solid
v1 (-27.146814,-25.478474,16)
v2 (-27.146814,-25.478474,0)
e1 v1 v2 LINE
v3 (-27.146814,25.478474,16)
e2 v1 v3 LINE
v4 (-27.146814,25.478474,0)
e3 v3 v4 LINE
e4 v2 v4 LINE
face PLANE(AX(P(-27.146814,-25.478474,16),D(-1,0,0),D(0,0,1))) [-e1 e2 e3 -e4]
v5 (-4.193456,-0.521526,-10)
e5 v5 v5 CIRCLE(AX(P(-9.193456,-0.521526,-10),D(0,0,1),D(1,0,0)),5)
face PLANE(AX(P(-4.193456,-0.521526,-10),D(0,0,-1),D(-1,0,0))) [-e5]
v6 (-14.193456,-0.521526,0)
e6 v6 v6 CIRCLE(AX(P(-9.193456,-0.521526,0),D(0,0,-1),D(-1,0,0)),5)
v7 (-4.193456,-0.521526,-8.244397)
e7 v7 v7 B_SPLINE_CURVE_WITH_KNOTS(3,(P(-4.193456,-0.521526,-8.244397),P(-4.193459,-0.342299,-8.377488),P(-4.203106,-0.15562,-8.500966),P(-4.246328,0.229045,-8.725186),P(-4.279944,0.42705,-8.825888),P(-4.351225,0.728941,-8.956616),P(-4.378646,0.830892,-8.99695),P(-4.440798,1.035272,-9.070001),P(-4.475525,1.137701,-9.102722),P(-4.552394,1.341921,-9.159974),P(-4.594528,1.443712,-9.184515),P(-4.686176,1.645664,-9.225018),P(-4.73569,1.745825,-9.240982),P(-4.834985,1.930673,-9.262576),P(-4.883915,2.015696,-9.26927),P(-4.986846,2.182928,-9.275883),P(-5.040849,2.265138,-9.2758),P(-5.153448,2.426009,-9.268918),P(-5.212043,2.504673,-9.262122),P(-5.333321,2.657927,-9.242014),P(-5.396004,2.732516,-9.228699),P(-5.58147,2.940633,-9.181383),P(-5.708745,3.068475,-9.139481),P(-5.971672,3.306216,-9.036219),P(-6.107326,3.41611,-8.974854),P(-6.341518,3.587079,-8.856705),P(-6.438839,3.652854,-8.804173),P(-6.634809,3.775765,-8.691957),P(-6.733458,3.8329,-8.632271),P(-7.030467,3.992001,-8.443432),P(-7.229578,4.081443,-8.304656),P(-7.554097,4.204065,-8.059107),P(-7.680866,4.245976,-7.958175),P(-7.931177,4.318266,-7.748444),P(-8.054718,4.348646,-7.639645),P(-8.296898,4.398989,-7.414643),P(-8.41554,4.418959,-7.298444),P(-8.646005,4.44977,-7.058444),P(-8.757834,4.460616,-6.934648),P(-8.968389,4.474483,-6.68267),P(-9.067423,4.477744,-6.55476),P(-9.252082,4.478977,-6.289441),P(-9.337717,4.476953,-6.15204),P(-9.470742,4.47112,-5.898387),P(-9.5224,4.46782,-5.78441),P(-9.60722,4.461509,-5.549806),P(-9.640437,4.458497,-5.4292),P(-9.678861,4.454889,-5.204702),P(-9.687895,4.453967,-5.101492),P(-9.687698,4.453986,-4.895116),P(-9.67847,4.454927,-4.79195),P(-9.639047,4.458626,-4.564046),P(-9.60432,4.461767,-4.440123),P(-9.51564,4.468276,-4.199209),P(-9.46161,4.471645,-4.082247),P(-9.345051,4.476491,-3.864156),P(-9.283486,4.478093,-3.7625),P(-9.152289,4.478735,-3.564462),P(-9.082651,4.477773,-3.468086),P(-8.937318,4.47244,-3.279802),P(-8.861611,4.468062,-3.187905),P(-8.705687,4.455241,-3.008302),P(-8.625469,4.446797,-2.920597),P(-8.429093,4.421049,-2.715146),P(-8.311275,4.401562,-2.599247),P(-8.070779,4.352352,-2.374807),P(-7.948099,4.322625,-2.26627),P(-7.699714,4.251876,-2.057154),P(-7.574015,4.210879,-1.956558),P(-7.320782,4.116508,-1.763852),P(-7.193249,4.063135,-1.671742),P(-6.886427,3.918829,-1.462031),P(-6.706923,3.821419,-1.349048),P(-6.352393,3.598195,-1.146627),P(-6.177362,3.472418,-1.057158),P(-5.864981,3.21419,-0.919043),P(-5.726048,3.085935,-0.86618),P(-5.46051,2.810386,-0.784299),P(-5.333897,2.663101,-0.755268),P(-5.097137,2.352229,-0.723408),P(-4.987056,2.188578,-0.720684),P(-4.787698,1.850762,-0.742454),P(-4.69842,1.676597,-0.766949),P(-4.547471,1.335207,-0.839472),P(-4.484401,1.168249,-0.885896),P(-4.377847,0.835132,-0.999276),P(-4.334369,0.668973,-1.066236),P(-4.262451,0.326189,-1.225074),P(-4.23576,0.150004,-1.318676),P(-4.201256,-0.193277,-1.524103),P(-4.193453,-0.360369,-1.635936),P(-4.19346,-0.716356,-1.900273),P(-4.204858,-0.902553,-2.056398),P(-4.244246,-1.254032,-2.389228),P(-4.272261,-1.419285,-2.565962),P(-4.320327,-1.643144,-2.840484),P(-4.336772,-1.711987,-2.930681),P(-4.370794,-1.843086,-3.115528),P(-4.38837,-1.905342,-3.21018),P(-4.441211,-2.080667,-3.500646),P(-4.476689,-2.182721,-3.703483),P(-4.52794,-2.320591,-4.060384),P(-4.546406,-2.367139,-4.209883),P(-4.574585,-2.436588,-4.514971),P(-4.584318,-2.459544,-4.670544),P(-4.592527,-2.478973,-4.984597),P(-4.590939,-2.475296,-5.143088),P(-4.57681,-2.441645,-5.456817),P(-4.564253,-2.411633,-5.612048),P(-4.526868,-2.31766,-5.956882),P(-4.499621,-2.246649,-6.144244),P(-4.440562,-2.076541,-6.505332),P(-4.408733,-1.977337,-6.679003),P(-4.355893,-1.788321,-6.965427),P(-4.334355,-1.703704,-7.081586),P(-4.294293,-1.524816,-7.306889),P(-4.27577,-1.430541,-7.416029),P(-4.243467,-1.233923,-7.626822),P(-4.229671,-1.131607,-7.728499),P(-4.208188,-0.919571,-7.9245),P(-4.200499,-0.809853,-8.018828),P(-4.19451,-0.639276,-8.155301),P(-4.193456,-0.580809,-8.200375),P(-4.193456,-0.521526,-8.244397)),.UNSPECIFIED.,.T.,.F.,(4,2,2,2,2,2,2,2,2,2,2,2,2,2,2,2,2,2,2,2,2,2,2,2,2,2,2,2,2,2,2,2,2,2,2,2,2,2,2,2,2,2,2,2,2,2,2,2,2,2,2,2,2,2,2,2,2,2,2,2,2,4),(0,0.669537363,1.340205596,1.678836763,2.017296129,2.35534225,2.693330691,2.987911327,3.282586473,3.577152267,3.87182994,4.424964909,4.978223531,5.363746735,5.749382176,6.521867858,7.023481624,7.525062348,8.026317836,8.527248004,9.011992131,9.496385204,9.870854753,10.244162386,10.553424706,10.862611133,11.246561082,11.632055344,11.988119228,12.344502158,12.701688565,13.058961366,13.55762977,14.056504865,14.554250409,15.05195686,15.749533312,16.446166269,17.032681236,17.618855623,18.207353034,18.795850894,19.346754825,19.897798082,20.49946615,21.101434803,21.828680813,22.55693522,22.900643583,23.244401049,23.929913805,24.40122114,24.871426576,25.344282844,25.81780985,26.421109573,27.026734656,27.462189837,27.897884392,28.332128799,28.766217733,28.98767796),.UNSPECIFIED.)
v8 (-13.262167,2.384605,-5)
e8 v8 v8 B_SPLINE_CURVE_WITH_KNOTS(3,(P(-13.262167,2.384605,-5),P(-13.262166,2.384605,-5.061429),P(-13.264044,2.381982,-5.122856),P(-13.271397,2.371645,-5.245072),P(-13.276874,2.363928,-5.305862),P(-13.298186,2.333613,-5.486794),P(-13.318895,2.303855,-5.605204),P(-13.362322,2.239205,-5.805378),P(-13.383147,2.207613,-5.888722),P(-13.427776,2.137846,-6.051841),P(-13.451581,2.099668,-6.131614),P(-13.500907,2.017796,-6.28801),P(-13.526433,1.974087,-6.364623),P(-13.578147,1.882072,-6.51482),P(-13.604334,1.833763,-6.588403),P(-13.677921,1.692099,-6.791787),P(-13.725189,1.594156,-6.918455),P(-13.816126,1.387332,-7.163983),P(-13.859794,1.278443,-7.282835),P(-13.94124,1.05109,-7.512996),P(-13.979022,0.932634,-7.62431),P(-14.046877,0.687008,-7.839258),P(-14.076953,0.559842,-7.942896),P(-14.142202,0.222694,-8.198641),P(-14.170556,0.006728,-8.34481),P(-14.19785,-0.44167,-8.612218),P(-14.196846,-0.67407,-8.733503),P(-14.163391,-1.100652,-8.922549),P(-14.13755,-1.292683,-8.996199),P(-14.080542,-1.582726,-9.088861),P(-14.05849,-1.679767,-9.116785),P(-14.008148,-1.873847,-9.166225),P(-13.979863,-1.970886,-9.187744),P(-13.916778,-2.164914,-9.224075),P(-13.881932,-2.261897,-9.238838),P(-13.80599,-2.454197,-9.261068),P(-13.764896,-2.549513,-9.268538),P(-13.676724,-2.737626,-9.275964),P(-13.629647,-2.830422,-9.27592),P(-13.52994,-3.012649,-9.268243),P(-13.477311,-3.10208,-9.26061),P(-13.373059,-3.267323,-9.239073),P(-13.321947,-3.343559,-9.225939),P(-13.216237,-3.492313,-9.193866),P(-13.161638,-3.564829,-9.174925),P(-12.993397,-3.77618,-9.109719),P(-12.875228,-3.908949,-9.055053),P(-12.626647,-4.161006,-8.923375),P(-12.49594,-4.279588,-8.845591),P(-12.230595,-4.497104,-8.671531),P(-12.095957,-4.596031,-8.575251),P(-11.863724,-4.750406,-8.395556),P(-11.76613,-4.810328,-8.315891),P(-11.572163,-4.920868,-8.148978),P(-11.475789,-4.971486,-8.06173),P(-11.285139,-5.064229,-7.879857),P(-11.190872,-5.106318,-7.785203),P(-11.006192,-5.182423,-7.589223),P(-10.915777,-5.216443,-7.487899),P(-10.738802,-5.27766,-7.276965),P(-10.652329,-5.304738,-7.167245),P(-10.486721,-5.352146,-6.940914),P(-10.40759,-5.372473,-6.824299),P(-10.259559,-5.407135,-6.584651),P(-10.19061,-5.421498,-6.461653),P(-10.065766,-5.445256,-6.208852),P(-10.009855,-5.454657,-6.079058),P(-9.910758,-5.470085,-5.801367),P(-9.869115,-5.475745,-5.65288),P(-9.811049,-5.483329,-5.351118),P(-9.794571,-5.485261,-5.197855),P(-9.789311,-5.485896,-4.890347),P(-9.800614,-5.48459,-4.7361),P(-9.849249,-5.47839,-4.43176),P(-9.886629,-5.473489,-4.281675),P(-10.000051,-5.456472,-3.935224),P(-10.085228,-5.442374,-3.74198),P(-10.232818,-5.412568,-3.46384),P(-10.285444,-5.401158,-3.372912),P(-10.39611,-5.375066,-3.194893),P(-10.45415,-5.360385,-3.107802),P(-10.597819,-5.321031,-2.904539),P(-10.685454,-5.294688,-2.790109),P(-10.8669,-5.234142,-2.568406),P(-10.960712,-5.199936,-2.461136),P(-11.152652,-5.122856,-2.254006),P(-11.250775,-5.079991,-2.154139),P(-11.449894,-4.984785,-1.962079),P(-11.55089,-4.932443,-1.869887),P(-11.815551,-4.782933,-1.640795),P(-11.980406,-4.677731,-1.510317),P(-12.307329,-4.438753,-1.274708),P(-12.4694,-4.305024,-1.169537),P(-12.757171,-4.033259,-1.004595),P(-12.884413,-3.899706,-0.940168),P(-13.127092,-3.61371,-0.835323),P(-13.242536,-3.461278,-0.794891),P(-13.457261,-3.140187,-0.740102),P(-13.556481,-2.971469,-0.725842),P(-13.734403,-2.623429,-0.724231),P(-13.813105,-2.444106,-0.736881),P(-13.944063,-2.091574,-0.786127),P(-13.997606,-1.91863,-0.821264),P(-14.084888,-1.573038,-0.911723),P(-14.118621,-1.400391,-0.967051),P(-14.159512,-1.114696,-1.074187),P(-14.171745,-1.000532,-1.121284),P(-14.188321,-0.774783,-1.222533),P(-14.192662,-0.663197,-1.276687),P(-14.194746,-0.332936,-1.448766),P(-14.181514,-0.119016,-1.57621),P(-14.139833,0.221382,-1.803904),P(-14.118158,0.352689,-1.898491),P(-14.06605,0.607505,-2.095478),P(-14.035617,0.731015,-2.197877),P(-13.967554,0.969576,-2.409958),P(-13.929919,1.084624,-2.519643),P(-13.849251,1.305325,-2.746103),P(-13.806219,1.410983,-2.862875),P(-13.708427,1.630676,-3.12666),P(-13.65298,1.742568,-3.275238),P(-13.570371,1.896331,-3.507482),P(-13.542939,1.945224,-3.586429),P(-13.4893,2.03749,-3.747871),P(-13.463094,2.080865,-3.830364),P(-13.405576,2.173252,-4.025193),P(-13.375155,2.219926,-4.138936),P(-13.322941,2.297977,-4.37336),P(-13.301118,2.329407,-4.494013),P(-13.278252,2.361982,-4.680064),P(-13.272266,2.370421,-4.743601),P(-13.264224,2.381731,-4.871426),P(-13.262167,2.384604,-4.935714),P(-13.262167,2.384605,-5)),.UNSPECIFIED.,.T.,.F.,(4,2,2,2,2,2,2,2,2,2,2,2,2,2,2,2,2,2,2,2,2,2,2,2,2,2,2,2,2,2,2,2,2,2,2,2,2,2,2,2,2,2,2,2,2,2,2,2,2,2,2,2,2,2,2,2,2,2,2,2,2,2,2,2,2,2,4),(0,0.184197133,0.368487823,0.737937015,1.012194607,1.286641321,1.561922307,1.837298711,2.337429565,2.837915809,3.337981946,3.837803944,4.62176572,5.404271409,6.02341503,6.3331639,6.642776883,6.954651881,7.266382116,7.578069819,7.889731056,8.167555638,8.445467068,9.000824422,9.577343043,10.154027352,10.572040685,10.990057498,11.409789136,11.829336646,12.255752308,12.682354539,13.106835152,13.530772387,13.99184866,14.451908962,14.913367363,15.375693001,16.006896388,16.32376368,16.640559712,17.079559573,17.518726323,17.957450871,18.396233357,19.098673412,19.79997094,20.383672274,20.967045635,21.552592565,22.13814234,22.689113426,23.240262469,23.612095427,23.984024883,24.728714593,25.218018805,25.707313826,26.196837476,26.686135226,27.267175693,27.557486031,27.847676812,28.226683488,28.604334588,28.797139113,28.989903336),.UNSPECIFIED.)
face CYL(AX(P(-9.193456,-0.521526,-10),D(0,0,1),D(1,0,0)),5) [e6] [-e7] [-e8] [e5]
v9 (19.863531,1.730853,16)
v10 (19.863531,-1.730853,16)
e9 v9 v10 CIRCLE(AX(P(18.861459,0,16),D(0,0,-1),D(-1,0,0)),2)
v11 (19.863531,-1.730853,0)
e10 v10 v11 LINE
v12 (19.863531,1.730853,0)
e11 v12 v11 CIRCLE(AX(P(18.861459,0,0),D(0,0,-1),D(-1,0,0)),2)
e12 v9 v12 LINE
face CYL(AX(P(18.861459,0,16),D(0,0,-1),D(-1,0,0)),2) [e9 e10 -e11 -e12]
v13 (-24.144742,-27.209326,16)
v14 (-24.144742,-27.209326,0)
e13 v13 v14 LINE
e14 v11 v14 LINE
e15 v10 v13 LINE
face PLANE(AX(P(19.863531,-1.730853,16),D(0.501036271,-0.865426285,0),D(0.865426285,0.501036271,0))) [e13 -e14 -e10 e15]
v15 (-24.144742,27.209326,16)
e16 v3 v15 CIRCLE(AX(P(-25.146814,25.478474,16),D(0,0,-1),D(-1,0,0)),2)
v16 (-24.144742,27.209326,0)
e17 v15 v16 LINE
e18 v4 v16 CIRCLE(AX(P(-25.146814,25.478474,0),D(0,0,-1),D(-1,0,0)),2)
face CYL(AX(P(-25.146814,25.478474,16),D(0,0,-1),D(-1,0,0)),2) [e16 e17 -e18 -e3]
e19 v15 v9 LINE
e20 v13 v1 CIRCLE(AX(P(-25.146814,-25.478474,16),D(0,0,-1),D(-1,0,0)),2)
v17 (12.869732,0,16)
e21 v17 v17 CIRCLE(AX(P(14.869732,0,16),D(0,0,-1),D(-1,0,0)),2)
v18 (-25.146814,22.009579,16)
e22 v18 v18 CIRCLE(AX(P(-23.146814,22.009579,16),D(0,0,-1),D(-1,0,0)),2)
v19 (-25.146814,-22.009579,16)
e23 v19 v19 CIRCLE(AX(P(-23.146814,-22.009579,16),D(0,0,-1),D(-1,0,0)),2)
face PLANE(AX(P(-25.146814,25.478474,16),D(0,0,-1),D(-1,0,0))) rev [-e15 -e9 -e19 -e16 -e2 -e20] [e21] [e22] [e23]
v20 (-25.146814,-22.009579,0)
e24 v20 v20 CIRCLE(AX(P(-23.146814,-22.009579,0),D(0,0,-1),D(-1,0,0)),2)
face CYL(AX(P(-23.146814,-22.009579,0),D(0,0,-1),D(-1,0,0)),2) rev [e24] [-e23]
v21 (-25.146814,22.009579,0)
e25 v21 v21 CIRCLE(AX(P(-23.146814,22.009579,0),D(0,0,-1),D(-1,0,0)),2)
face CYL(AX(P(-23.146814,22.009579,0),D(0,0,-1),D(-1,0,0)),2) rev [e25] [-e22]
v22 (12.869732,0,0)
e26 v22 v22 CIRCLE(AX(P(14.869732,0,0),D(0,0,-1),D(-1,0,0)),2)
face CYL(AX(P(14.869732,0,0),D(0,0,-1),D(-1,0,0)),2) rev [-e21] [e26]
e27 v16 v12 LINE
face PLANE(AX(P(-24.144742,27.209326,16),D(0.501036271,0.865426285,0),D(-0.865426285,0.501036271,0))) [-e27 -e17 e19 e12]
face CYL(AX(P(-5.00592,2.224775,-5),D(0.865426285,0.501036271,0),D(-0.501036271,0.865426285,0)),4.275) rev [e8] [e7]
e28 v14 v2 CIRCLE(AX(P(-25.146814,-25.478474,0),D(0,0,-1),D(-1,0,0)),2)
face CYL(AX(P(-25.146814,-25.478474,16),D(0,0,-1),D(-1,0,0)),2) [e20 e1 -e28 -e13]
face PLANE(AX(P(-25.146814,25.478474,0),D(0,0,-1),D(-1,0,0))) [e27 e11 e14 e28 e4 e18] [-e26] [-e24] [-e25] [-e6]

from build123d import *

# Parameters (mm, degrees)
Y_KSEKLIK_EKSTR_ZYON1_DEPTH = 16
IZIM2_W                     = 5
IZIM2_H                     = 10
F_4_0_4_AP_DELIK1_D         = 4
M8_BO_LUKLU_DELIK1_D        = 8.55
M8_BO_LUKLU_DELIK1_DEPTH    = 34.043716459


with BuildPart() as part:
    # Çizim1 → Yükseklik-Ekstrüzyon1 (new body)
    with BuildSketch(Plane(origin=(0, 0, 0), x_dir=(-1, 0, 0), z_dir=(0, 0, -1))):
        with BuildLine():
            Line((24.144741863, 27.209326424), (-19.863531155, 1.730852571))
            ThreePointArc((-19.863531155, 1.730852571), (-20.861458614, 0), (-19.863531155, -1.730852571))
            Line((-19.863531155, -1.730852571), (24.144741863, -27.209326424))
            ThreePointArc((24.144741863, -27.209326424), (26.145777596, -27.211122848), (27.146814404, -25.478473853))
            Line((27.146814404, -25.478473853), (27.146814404, 25.478473853))
            ThreePointArc((27.146814404, 25.478473853), (26.145777596, 27.211122848), (24.144741863, 27.209326424))
        make_face()
    extrude(amount=-Y_KSEKLIK_EKSTR_ZYON1_DEPTH)

    # Çizim2 → Döndür1 (revolve)
    with BuildSketch(Plane(origin=(0, -0.521526147, 0), x_dir=(1, 0, 0), z_dir=(0, 1, 0))):
        with Locations((-6.693456416, 5)):
            Rectangle(IZIM2_W, IZIM2_H)
    revolve(axis=Axis((-9.193456416, -0.521526147, -10), (0, 0, 1)))

    # Ø4.0 (4) Çap Delik1 (through all)
    with Locations(Plane(origin=(0, 0, 0), x_dir=(-1, 0, 0), z_dir=(0, 0, -1))):
        with Locations((23.146814404, -22.009579284), (-14.869731632, 0), (23.146814404, 22.009579284)):
            Hole(F_4_0_4_AP_DELIK1_D / 2)

    # M8 Boşluklu Delik1
    with Locations(Plane(origin=(-2.784563035, -1.612115441, 0), x_dir=(0, 0, -1), z_dir=(0.8654262854811261, 0.501036270541705, 0))):
        with Locations((5, 4.433526161)):
            Hole(M8_BO_LUKLU_DELIK1_D / 2, depth=M8_BO_LUKLU_DELIK1_DEPTH)


solid = part.part
